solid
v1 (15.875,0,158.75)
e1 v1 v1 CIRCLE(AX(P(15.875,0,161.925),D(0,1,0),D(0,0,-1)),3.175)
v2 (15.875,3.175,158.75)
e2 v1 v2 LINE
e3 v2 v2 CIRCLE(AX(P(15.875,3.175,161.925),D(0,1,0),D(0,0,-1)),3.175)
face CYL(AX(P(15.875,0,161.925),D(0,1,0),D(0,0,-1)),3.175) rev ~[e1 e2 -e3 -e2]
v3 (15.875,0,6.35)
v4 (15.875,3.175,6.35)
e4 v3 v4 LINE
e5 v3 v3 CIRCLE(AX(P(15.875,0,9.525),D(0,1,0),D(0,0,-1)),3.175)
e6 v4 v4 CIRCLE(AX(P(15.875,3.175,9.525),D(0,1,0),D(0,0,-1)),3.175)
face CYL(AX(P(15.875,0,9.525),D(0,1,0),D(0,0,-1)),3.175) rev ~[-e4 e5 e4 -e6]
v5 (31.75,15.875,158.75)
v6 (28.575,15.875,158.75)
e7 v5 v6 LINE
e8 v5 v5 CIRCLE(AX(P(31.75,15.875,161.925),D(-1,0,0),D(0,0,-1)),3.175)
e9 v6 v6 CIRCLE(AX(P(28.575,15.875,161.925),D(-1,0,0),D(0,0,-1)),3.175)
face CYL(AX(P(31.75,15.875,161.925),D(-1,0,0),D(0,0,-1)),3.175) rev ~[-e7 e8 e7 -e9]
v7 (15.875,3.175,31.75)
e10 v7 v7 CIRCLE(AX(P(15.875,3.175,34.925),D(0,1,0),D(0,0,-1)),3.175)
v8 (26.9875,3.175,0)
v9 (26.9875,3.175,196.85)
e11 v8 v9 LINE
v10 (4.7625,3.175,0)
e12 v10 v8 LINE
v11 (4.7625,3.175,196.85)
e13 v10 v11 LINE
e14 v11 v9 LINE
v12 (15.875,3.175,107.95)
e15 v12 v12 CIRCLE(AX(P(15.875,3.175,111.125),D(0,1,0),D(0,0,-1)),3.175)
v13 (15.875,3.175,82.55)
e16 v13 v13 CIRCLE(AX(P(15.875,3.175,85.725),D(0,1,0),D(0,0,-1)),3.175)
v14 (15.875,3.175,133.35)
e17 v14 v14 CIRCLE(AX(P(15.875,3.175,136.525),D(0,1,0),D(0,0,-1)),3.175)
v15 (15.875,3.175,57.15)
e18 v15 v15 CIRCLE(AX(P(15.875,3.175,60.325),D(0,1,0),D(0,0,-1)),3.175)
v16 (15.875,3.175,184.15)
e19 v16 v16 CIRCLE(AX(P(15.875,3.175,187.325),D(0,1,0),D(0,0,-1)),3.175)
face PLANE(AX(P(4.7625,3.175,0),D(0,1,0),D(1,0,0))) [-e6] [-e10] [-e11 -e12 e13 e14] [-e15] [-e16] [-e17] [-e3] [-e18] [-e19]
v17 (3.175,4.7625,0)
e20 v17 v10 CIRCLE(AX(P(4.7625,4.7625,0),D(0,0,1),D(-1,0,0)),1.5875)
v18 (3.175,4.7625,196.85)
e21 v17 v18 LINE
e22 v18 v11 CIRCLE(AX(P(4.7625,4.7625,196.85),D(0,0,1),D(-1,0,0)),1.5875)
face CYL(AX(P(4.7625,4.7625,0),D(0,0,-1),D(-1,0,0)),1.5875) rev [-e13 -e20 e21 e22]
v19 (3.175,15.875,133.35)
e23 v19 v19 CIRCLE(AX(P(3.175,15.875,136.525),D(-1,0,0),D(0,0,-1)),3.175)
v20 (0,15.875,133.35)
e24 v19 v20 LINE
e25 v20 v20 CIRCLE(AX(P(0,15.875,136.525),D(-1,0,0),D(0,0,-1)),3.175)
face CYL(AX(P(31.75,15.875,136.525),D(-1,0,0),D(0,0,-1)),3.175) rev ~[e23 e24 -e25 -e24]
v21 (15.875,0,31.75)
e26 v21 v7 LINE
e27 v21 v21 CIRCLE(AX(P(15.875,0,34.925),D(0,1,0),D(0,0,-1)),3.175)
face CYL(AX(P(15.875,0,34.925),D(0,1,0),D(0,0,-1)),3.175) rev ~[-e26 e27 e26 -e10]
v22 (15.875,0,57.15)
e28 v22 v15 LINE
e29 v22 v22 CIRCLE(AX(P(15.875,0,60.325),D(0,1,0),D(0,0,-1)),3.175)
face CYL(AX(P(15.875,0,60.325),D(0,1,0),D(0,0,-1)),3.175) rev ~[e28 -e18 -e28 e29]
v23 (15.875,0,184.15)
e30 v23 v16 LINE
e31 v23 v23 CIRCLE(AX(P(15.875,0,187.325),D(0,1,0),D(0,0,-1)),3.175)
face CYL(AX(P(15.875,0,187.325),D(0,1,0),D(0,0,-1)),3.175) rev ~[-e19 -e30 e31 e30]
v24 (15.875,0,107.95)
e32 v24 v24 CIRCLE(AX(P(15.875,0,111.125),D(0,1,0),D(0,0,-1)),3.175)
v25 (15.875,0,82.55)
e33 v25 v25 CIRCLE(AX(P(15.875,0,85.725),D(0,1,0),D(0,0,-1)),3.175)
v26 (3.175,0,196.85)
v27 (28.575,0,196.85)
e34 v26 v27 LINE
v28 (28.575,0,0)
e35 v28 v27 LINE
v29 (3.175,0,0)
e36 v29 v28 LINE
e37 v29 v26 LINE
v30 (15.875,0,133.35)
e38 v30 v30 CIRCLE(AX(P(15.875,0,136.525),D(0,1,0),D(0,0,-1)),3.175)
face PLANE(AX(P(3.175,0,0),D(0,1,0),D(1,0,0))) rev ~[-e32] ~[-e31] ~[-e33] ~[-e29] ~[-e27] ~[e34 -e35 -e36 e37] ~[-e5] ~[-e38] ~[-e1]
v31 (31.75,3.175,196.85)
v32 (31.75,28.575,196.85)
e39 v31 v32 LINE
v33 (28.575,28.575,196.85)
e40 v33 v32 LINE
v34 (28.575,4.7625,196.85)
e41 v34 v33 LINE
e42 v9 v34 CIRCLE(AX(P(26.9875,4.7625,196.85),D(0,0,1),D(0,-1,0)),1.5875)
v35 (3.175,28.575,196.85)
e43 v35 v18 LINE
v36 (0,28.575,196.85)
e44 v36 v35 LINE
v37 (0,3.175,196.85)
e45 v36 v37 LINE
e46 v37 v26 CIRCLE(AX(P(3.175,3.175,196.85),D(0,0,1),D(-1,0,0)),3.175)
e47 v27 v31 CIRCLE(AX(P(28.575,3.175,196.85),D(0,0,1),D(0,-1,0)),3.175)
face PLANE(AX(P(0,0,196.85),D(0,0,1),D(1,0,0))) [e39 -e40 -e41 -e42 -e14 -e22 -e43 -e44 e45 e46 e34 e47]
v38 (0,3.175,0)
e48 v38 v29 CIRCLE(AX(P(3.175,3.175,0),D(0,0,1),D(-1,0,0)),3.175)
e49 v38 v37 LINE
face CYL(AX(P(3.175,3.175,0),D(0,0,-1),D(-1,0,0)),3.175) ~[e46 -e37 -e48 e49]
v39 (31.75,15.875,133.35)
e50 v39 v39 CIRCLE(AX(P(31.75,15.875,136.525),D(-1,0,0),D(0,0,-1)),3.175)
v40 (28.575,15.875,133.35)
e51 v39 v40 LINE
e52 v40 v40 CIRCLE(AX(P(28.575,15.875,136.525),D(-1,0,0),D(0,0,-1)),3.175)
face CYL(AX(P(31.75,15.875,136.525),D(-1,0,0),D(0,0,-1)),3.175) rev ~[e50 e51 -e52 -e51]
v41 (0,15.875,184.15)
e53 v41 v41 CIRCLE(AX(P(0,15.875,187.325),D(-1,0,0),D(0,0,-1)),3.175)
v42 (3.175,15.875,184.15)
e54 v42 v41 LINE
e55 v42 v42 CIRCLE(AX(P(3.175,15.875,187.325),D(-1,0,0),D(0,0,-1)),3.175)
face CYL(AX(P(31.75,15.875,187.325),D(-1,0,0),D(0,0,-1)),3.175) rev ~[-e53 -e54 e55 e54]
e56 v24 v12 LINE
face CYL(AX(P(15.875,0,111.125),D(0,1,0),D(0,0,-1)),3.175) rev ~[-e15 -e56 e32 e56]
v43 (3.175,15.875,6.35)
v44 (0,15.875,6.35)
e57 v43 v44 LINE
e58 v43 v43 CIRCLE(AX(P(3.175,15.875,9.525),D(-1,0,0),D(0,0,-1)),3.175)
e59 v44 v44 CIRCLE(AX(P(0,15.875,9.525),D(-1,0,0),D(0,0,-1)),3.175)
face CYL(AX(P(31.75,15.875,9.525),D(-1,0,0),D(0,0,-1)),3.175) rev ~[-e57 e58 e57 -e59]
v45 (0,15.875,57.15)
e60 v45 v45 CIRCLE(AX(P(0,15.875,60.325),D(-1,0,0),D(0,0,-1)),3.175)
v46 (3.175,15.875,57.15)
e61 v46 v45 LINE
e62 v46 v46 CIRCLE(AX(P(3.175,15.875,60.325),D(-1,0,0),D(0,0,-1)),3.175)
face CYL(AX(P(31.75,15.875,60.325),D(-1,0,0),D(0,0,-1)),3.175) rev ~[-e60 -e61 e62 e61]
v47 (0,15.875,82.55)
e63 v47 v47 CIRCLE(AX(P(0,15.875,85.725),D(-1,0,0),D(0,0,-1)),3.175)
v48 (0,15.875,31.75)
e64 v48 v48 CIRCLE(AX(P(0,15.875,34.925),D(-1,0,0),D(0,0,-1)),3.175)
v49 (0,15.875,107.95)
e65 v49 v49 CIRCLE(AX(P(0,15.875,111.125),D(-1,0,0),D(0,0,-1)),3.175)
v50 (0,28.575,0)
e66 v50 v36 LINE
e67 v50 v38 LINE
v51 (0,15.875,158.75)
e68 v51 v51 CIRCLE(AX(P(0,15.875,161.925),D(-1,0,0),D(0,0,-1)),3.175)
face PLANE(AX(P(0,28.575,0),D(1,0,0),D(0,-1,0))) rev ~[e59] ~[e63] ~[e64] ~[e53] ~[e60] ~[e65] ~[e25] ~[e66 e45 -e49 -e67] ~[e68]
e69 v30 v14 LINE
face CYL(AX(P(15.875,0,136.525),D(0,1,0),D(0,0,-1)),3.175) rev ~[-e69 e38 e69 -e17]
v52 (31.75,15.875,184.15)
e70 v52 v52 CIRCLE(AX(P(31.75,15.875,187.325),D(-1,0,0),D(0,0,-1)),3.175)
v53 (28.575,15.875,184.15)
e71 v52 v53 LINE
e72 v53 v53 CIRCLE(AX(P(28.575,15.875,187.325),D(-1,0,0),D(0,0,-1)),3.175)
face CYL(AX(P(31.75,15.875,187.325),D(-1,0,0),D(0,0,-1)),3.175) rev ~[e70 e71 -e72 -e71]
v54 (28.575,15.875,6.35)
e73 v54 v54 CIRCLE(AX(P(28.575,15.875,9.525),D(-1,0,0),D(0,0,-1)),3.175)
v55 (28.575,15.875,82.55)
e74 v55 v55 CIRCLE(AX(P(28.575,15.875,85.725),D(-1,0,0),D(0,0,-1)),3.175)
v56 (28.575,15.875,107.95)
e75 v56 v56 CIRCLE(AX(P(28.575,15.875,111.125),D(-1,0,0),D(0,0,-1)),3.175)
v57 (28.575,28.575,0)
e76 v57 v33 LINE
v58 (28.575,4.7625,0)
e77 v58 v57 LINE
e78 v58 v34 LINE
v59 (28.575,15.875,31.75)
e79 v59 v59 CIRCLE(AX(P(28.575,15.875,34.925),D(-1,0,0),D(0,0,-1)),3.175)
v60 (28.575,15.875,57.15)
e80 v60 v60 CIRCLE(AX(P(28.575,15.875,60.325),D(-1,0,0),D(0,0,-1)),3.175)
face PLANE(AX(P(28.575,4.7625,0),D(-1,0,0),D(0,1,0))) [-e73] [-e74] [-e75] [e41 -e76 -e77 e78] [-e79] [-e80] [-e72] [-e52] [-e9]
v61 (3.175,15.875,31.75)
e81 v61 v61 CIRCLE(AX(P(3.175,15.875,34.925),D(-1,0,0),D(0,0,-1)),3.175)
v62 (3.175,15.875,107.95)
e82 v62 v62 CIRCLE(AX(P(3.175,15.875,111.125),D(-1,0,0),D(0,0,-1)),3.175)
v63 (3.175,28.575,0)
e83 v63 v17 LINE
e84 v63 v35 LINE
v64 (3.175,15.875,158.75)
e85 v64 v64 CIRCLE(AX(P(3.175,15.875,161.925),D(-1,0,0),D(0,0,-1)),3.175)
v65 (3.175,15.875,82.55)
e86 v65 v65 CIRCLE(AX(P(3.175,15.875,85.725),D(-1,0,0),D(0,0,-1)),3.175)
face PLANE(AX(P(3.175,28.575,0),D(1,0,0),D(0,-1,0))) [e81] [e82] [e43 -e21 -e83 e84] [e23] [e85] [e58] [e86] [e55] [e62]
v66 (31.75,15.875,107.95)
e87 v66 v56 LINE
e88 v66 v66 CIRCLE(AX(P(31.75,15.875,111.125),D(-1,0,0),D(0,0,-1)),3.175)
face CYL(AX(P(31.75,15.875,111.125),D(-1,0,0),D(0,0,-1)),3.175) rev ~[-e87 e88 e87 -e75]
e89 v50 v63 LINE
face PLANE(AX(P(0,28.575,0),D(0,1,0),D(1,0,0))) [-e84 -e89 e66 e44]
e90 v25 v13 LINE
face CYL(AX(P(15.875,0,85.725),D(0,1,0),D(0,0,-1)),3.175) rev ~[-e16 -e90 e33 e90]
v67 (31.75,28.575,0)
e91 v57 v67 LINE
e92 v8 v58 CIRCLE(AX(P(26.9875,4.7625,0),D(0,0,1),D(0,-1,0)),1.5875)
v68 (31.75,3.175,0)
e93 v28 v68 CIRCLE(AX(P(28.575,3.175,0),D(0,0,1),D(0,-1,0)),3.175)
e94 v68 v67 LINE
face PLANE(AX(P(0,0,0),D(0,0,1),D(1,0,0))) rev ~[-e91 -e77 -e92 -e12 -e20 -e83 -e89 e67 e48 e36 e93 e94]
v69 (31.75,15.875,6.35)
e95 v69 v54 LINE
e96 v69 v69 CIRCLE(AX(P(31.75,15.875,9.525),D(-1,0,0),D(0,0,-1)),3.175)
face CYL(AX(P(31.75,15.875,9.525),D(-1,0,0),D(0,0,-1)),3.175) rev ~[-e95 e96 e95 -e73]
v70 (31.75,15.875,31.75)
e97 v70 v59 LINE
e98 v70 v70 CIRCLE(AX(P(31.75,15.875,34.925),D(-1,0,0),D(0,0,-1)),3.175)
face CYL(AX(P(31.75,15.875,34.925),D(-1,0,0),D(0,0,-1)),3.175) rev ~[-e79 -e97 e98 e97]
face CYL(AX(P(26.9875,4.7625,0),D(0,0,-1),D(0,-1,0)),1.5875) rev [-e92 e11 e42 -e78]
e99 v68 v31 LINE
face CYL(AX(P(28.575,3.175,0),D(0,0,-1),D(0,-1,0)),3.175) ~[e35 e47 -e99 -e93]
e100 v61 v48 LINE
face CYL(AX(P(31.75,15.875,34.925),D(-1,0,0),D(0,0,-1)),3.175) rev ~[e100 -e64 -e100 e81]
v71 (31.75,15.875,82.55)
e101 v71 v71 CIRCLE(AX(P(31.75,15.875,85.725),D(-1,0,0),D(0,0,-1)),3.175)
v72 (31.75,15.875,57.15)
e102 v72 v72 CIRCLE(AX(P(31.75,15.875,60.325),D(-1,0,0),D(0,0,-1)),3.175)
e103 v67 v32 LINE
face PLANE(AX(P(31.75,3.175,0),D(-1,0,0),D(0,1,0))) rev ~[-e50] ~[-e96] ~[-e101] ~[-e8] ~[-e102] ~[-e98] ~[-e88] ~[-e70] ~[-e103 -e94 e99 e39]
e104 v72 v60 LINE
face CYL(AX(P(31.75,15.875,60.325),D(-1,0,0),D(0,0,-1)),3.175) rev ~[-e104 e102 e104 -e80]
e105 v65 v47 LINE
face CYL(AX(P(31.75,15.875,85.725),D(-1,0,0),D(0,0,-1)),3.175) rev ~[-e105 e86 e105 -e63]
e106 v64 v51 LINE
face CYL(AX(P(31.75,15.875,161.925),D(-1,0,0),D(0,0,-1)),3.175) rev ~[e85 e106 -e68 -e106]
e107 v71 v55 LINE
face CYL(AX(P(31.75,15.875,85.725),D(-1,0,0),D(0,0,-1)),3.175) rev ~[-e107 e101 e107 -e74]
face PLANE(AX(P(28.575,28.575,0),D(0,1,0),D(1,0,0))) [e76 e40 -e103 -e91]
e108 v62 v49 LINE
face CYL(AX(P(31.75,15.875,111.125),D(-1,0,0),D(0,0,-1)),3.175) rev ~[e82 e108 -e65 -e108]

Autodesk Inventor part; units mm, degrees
ref_plane "YZ Plane" through (0, 0, 0) normal (1, 0, 0) x (0, 1, 0)
ref_plane "XZ Plane" through (0, 0, 0) normal (0, 1, 0) x (-1, 0, 0)
ref_plane "XY Plane" through (0, 0, 0) normal (0, 0, 1) x (1, 0, 0)
sketch "Sketch1" plane through (0, 0, 0) normal (0, 0, 1) x (1, 0, 0)
  line L0 (3.175, 0) -> (28.575, 0)
  line L1 (31.75, 3.175) -> (31.75, 28.575)
  line L2 (0, 28.575) -> (0, 3.175)
  line L3 (4.7625, 3.175) -> (26.9875, 3.175)
  line L4 (28.575, 4.7625) -> (28.575, 28.575)
  line L5 (3.175, 28.575) -> (3.175, 4.7625)
  line L6 (0, 28.575) -> (3.175, 28.575)
  line L7 (28.575, 28.575) -> (31.75, 28.575)
  arc A0 (3.175, 4.7625) -> (4.7625, 3.175) centre (4.7625, 4.7625) ccw
  arc A1 (26.9875, 3.175) -> (28.575, 4.7625) centre (26.9875, 4.7625) ccw
  arc A2 (0, 3.175) -> (3.175, 0) centre (3.175, 3.175) ccw
  arc A3 (28.575, 0) -> (31.75, 3.175) centre (28.575, 3.175) ccw
  point P0 (0, 0)
  point P1 (0, 0)
  point P2 (31.75, 0)
  dimension "d0" = 31.75
  dimension "d1" = 28.575
  dimension "d2" = 1.5875
  dimension "d3" = 3.175
extrude "Extrusion1" add sketch "Sketch1" along normal blind 196.85
sketch "Sketch2" plane through (31.75, 3.175, 0) normal (1, 0, 0) x (0, 0, -1)
  line L0 (-196.85, 0) -> (-196.85, 25.4) projected
  line L1 (0, 0) -> (-196.85, 0) projected
  line L2 (-196.85, 12.7) -> (-187.325, 12.7)
  point P0 (0, -3.175)
  dimension "d6" = 9.525
sketch "Sketch3" plane through (3.175, 0, 0) normal (0, -1, 0) x (1, 0, 0)
  line L0 (0, 196.85) -> (25.4, 196.85) projected
  line L1 (0, 0) -> (0, 196.85) projected
  line L2 (12.7, 196.85) -> (12.7, 187.325)
  point P0 (-3.175, 0)
  dimension "d7" = 9.525
hole "Hole1" at (31.75, 15.875, 187.325) direction (-1, 0, 0) diameter 6.35 end through all
hole "Hole2" at (15.875, 0, 187.325) direction (0, 1, 0) diameter 6.35 end through all
pattern_linear "Rectangular Pattern1" count 8 spacing 25.4 along (0, 0, -1) of "Hole1", "Hole2"
properties part number "8 in bar"
